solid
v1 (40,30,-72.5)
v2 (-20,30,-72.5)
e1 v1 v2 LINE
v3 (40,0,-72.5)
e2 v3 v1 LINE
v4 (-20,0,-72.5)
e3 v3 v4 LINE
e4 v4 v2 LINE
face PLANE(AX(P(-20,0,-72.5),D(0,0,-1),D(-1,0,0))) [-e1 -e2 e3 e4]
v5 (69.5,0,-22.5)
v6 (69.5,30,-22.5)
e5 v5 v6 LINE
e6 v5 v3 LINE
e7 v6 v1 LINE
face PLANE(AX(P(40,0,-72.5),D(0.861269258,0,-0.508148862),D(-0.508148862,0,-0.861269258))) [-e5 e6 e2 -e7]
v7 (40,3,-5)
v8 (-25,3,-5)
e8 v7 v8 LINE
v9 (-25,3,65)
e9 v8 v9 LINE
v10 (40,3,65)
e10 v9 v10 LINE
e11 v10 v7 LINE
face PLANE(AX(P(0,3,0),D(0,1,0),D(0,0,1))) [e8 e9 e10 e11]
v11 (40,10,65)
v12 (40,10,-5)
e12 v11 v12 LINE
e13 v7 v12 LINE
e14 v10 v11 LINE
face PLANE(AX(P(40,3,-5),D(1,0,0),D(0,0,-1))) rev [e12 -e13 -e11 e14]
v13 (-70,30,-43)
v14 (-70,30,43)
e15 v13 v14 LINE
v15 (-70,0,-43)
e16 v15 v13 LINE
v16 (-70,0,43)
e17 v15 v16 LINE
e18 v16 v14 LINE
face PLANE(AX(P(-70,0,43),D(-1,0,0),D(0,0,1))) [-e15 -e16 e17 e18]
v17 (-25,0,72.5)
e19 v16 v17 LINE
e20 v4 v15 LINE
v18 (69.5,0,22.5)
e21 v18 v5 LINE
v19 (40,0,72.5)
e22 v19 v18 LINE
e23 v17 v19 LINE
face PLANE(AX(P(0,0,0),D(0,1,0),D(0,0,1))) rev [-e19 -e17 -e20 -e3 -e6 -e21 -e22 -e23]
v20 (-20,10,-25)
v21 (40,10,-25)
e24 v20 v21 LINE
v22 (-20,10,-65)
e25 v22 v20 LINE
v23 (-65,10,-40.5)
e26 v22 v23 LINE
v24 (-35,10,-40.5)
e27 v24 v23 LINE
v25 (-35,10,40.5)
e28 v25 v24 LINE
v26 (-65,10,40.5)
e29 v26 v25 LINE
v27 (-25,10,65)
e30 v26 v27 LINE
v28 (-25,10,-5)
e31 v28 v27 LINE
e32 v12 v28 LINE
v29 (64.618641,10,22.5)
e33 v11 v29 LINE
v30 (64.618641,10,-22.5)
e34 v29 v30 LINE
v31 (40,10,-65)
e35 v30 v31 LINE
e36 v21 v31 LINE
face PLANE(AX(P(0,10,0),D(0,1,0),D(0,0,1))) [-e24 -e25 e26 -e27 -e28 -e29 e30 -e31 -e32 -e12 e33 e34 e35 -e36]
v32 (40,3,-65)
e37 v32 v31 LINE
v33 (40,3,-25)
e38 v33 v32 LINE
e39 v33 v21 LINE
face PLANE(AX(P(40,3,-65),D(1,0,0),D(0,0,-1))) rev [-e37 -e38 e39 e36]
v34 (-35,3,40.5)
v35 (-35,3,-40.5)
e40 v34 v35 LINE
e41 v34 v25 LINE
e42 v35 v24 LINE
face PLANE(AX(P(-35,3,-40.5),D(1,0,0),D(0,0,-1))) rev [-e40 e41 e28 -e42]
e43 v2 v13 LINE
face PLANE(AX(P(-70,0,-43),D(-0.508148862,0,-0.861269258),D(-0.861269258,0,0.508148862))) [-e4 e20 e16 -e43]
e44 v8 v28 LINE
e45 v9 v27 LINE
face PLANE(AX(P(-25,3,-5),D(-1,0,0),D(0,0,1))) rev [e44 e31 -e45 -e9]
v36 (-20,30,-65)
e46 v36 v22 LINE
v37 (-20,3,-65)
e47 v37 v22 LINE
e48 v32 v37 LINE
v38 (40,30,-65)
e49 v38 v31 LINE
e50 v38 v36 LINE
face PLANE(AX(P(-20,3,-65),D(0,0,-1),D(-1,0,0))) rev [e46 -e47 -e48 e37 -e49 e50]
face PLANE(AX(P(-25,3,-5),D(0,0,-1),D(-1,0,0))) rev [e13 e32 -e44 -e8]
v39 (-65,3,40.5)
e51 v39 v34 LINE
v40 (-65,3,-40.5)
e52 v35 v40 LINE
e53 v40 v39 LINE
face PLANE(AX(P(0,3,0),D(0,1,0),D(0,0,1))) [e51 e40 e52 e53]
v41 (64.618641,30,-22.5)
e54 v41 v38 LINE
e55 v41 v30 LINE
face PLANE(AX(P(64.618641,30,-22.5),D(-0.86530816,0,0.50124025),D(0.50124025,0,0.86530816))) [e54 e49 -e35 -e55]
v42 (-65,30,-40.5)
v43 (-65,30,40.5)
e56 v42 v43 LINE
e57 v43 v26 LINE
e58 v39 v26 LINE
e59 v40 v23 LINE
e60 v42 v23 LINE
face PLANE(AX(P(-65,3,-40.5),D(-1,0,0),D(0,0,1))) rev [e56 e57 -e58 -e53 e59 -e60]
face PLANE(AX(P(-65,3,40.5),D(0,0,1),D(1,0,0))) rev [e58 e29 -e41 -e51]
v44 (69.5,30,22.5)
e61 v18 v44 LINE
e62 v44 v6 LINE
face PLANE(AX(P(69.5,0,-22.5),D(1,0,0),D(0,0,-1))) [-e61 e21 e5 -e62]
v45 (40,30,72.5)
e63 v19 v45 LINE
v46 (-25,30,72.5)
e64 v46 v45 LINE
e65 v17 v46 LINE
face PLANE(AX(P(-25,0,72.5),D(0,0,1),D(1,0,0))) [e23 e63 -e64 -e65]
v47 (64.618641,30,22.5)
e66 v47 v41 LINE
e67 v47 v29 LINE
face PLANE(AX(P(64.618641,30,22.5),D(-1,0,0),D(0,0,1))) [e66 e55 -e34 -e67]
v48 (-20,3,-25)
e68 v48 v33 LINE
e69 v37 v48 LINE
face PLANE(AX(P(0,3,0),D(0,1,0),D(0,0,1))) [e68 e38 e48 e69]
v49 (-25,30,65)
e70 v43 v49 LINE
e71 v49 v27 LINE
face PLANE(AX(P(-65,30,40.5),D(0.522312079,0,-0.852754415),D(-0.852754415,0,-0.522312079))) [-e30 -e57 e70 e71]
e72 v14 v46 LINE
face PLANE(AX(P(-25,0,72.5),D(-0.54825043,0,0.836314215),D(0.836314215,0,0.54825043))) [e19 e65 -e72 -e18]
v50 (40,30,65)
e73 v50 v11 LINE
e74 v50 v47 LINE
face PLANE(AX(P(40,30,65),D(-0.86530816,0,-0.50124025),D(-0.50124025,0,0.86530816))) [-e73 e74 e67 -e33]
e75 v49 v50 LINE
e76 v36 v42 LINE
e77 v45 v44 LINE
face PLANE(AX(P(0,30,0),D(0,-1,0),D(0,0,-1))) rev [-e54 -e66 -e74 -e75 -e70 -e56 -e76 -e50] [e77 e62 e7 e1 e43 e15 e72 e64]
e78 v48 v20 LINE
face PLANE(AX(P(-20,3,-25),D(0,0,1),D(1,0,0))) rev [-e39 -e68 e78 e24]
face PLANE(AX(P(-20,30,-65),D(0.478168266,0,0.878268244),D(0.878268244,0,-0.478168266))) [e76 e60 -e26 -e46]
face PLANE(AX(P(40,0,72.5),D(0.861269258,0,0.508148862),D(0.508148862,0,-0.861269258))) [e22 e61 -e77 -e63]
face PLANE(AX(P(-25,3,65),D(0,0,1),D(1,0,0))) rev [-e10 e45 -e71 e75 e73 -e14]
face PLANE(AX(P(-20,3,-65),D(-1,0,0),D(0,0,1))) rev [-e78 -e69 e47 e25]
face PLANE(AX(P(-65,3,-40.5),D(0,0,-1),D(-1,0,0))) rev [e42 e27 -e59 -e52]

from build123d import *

# Parameters (mm, degrees)
SKETCH1_R           = 85
BOSS_EXTRUDE2_DEPTH = 10
SKETCH3_W           = 30
SKETCH3_H           = 81
SKETCH3_W_2         = 60
SKETCH3_H_2         = 40
SKETCH3_W_3         = 65
SKETCH3_H_3         = 70
CUT_EXTRUDE2_DEPTH  = 7
SKETCH5_W           = 194.063046405
SKETCH5_H           = 184.49419377
CUT_EXTRUDE4_DEPTH  = 10
BOSS_EXTRUDE3_DEPTH = 20


with BuildPart() as part:
    # Sketch1 → Boss-Extrude2 (new body)
    with BuildSketch(Plane(origin=(0, 0, 0), x_dir=(1, 0, 0), z_dir=(0, 1, 0))):
        Circle(SKETCH1_R)
    extrude(amount=BOSS_EXTRUDE2_DEPTH)

    # Sketch3 → Cut-Extrude2 (cut)
    with BuildSketch(Plane(origin=(0, 10, 0), x_dir=(1, 0, 0), z_dir=(0, 1, 0))):
        with Locations((-50, 0)):
            Rectangle(SKETCH3_W, SKETCH3_H)
        with Locations((10, 45)):
            Rectangle(SKETCH3_W_2, SKETCH3_H_2)
        with Locations((7.5, -30)):
            Rectangle(SKETCH3_W_3, SKETCH3_H_3)
    extrude(amount=-CUT_EXTRUDE2_DEPTH, mode=Mode.SUBTRACT)

    # Sketch5 → Cut-Extrude4 (cut)
    with BuildSketch(Plane(origin=(0, 10, 0), x_dir=(1, 0, 0), z_dir=(0, 1, 0))):
        with Locations((-1.510871468, -0.083937304)):
            Rectangle(SKETCH5_W, SKETCH5_H)
        Polygon((-70, 43), (-20, 72.5), (40, 72.5), (69.5, 22.5), (69.5, -22.5), (40, -72.5), (-25, -72.5), (-70, -43), align=None, mode=Mode.SUBTRACT)
    extrude(amount=-CUT_EXTRUDE4_DEPTH, mode=Mode.SUBTRACT)

    # Sketch6 → Boss-Extrude3 (add)
    with BuildSketch(Plane(origin=(0, 10, 0), x_dir=(1, 0, 0), z_dir=(0, 1, 0))):
        Polygon((-70, 43), (-20, 72.5), (38.257502672, 72.5), (40, 72.5), (69.5, 22.5), (69.5, -22.5), (40, -72.5), (-25, -72.5), (-70, -43), align=None)
        Polygon((-65, 40.5), (-65, -40.5), (-25, -65), (40, -65), (64.618640633, -22.5), (64.618640633, 22.5), (40, 65), (-20, 65), align=None, mode=Mode.SUBTRACT)
    extrude(amount=BOSS_EXTRUDE3_DEPTH)


solid = part.part
